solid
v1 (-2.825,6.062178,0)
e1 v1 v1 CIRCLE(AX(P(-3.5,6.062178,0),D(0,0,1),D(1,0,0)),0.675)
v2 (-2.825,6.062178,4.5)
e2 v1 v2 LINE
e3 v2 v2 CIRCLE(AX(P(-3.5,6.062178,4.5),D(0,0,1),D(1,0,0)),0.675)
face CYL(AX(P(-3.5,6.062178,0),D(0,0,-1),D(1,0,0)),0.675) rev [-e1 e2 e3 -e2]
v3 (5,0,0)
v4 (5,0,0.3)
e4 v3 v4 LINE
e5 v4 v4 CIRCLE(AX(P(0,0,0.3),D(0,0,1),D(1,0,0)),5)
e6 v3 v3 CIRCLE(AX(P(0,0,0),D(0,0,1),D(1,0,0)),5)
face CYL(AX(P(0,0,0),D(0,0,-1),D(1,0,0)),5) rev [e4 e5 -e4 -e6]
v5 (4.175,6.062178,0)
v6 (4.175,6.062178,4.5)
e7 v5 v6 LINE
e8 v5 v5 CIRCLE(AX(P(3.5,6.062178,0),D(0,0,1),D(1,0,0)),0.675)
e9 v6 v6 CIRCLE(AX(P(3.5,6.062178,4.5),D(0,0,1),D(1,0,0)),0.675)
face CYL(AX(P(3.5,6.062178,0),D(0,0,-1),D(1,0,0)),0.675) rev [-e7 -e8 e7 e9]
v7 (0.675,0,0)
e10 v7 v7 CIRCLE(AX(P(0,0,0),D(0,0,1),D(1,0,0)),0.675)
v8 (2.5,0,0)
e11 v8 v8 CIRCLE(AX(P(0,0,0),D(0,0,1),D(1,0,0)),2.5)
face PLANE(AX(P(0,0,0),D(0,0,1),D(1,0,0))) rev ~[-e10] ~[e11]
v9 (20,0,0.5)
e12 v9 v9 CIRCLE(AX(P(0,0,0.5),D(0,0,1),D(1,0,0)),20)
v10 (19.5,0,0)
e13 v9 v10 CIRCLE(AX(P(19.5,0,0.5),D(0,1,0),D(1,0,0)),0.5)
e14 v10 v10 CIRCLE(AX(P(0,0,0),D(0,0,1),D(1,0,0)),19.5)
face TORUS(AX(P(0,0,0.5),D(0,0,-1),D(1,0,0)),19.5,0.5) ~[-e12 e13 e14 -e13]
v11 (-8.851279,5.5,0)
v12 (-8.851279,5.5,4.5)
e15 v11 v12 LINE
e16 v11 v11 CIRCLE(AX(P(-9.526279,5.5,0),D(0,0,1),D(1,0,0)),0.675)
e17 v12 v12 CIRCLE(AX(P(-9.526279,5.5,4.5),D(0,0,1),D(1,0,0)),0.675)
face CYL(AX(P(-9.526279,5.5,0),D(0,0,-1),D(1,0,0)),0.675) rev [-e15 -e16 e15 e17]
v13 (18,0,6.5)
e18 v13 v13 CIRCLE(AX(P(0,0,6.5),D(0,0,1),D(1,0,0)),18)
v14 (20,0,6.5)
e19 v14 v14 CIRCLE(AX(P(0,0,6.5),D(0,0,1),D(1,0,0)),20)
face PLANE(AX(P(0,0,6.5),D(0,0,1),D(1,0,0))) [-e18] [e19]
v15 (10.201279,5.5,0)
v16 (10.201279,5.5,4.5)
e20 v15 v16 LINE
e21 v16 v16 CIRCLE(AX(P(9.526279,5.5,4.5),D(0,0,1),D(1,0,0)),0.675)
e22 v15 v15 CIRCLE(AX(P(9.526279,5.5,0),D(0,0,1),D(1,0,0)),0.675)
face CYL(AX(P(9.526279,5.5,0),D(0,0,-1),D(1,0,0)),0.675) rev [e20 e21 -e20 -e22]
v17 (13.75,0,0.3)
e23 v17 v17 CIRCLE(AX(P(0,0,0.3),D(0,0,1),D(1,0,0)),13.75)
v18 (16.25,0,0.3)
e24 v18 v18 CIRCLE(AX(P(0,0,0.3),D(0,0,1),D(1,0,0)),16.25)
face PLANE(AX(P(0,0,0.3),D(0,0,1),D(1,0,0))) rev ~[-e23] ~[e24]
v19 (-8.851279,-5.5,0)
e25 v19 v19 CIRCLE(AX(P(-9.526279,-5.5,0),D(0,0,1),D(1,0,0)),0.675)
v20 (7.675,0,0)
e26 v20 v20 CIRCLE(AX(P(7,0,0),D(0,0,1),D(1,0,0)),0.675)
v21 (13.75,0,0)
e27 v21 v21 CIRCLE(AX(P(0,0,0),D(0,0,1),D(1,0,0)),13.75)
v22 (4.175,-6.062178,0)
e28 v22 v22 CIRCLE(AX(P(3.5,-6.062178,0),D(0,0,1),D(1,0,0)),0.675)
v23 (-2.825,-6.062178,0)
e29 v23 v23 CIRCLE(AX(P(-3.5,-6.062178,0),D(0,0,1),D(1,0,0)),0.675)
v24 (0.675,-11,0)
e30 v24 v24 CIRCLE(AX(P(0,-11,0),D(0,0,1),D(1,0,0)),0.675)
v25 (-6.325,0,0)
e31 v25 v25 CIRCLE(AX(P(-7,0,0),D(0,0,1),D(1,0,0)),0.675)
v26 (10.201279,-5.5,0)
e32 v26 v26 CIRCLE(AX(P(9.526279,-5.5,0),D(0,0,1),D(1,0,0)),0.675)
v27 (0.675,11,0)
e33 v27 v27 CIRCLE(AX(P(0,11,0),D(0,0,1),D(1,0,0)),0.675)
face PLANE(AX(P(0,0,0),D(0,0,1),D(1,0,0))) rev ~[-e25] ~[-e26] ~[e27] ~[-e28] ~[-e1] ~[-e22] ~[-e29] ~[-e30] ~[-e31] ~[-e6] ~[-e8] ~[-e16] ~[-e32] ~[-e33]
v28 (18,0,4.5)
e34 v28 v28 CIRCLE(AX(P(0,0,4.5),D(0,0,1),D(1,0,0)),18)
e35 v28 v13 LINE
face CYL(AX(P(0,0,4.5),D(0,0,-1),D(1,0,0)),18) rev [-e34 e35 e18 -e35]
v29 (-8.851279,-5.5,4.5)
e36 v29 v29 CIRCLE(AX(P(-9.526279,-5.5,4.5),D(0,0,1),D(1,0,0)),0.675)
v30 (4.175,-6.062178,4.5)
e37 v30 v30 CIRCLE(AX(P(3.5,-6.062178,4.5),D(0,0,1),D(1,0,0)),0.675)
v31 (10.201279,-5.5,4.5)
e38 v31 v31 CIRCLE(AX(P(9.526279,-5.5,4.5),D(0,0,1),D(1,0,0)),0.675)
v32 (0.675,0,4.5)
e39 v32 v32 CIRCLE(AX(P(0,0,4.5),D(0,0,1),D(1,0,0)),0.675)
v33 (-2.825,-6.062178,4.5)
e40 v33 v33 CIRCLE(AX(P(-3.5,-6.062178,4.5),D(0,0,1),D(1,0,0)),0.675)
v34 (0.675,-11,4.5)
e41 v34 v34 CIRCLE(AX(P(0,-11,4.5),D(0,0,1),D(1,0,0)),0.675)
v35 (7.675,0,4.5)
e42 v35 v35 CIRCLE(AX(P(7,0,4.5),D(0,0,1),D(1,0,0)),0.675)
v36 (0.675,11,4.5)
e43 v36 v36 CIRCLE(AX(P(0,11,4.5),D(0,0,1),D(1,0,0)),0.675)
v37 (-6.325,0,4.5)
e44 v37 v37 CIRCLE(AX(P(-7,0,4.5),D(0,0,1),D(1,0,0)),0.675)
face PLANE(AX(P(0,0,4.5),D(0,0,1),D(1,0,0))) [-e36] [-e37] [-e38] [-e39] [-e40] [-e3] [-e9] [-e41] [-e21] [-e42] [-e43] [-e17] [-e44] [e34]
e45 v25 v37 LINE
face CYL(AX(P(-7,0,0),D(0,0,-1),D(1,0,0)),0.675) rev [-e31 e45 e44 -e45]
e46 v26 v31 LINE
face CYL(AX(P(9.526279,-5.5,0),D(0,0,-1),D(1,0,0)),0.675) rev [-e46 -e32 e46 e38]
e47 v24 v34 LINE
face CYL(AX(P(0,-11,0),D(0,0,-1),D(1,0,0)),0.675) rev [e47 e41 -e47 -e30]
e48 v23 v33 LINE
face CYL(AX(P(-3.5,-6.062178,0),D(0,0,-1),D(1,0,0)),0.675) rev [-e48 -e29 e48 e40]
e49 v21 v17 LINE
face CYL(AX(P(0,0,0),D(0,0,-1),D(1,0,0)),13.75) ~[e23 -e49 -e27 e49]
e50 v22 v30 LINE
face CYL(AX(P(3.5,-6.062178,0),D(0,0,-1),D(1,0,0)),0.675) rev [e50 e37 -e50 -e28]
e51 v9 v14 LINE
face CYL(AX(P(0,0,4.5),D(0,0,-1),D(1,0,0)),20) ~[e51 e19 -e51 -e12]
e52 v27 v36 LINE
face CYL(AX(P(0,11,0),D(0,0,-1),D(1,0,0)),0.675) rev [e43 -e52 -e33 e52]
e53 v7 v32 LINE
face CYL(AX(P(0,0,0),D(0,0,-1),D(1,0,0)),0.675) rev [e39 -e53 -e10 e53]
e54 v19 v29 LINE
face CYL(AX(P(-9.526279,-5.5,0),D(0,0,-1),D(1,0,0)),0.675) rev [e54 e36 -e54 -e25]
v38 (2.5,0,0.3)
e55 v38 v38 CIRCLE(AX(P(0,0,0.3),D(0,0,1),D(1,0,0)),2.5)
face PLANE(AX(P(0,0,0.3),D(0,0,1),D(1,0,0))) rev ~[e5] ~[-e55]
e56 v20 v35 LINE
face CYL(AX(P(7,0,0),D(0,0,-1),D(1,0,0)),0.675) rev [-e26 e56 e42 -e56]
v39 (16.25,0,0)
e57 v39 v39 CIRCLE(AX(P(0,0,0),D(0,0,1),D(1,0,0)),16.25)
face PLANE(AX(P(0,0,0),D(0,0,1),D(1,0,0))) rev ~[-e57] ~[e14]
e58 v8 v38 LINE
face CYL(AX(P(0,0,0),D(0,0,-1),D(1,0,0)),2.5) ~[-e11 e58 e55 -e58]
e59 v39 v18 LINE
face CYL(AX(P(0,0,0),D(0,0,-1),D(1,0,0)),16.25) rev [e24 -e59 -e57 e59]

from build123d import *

# Parameters (mm, degrees)
F1_R     = 20
F1_R_2   = 0.675
F2_DEPTH = 4.5
F3_R     = 20
F3_R_2   = 18
F4_DEPTH = 2
F5_R     = 16.25
F5_R_2   = 13.75
F5_R_3   = 5
F5_R_4   = 2.5
F6_DEPTH = 0.3
F7_R     = 0.5


with BuildPart() as f2:
    # F1 (on face) → F2 (new body)
    with BuildSketch(Plane.XY):
        Circle(F1_R)
        with Locations((-9.5262794416, -5.5)):
            Circle(F1_R_2, mode=Mode.SUBTRACT)
        with Locations((-3.5, -6.0621778265)):
            Circle(F1_R_2, mode=Mode.SUBTRACT)
        with Locations((0, -11)):
            Circle(F1_R_2, mode=Mode.SUBTRACT)
        with Locations((3.5, -6.0621778265)):
            Circle(F1_R_2, mode=Mode.SUBTRACT)
        with Locations((9.5262794416, -5.5)):
            Circle(F1_R_2, mode=Mode.SUBTRACT)
        with Locations((-7, 0)):
            Circle(F1_R_2, mode=Mode.SUBTRACT)
        with Locations((-9.5262794416, 5.5)):
            Circle(F1_R_2, mode=Mode.SUBTRACT)
        with Locations((-3.5, 6.0621778265)):
            Circle(F1_R_2, mode=Mode.SUBTRACT)
        Circle(F1_R_2, mode=Mode.SUBTRACT)
        with Locations((7, 0)):
            Circle(F1_R_2, mode=Mode.SUBTRACT)
        with Locations((3.5, 6.0621778265)):
            Circle(F1_R_2, mode=Mode.SUBTRACT)
        with Locations((9.5262794416, 5.5)):
            Circle(F1_R_2, mode=Mode.SUBTRACT)
        with Locations((0, 11)):
            Circle(F1_R_2, mode=Mode.SUBTRACT)
    extrude(amount=F2_DEPTH)

    # F3 (on face) → F4 (join)
    with BuildSketch(Plane.XY.offset(4.5)):
        Circle(F3_R)
        Circle(F3_R_2, mode=Mode.SUBTRACT)
    extrude(amount=F4_DEPTH)

    # F5 (on face) → F6 (cut)
    with BuildSketch(Plane.XY):
        Circle(F5_R)
        Circle(F5_R_2, mode=Mode.SUBTRACT)
        Circle(F5_R_3)
        Circle(F5_R_4, mode=Mode.SUBTRACT)
    extrude(amount=F6_DEPTH, mode=Mode.SUBTRACT)

    # F7
    f7_edges = [f2.edges().sort_by_distance(p)[0] for p in [
        (-20, 0, 0),
    ]]
    fillet(f7_edges, radius=F7_R)


solid = f2.part
